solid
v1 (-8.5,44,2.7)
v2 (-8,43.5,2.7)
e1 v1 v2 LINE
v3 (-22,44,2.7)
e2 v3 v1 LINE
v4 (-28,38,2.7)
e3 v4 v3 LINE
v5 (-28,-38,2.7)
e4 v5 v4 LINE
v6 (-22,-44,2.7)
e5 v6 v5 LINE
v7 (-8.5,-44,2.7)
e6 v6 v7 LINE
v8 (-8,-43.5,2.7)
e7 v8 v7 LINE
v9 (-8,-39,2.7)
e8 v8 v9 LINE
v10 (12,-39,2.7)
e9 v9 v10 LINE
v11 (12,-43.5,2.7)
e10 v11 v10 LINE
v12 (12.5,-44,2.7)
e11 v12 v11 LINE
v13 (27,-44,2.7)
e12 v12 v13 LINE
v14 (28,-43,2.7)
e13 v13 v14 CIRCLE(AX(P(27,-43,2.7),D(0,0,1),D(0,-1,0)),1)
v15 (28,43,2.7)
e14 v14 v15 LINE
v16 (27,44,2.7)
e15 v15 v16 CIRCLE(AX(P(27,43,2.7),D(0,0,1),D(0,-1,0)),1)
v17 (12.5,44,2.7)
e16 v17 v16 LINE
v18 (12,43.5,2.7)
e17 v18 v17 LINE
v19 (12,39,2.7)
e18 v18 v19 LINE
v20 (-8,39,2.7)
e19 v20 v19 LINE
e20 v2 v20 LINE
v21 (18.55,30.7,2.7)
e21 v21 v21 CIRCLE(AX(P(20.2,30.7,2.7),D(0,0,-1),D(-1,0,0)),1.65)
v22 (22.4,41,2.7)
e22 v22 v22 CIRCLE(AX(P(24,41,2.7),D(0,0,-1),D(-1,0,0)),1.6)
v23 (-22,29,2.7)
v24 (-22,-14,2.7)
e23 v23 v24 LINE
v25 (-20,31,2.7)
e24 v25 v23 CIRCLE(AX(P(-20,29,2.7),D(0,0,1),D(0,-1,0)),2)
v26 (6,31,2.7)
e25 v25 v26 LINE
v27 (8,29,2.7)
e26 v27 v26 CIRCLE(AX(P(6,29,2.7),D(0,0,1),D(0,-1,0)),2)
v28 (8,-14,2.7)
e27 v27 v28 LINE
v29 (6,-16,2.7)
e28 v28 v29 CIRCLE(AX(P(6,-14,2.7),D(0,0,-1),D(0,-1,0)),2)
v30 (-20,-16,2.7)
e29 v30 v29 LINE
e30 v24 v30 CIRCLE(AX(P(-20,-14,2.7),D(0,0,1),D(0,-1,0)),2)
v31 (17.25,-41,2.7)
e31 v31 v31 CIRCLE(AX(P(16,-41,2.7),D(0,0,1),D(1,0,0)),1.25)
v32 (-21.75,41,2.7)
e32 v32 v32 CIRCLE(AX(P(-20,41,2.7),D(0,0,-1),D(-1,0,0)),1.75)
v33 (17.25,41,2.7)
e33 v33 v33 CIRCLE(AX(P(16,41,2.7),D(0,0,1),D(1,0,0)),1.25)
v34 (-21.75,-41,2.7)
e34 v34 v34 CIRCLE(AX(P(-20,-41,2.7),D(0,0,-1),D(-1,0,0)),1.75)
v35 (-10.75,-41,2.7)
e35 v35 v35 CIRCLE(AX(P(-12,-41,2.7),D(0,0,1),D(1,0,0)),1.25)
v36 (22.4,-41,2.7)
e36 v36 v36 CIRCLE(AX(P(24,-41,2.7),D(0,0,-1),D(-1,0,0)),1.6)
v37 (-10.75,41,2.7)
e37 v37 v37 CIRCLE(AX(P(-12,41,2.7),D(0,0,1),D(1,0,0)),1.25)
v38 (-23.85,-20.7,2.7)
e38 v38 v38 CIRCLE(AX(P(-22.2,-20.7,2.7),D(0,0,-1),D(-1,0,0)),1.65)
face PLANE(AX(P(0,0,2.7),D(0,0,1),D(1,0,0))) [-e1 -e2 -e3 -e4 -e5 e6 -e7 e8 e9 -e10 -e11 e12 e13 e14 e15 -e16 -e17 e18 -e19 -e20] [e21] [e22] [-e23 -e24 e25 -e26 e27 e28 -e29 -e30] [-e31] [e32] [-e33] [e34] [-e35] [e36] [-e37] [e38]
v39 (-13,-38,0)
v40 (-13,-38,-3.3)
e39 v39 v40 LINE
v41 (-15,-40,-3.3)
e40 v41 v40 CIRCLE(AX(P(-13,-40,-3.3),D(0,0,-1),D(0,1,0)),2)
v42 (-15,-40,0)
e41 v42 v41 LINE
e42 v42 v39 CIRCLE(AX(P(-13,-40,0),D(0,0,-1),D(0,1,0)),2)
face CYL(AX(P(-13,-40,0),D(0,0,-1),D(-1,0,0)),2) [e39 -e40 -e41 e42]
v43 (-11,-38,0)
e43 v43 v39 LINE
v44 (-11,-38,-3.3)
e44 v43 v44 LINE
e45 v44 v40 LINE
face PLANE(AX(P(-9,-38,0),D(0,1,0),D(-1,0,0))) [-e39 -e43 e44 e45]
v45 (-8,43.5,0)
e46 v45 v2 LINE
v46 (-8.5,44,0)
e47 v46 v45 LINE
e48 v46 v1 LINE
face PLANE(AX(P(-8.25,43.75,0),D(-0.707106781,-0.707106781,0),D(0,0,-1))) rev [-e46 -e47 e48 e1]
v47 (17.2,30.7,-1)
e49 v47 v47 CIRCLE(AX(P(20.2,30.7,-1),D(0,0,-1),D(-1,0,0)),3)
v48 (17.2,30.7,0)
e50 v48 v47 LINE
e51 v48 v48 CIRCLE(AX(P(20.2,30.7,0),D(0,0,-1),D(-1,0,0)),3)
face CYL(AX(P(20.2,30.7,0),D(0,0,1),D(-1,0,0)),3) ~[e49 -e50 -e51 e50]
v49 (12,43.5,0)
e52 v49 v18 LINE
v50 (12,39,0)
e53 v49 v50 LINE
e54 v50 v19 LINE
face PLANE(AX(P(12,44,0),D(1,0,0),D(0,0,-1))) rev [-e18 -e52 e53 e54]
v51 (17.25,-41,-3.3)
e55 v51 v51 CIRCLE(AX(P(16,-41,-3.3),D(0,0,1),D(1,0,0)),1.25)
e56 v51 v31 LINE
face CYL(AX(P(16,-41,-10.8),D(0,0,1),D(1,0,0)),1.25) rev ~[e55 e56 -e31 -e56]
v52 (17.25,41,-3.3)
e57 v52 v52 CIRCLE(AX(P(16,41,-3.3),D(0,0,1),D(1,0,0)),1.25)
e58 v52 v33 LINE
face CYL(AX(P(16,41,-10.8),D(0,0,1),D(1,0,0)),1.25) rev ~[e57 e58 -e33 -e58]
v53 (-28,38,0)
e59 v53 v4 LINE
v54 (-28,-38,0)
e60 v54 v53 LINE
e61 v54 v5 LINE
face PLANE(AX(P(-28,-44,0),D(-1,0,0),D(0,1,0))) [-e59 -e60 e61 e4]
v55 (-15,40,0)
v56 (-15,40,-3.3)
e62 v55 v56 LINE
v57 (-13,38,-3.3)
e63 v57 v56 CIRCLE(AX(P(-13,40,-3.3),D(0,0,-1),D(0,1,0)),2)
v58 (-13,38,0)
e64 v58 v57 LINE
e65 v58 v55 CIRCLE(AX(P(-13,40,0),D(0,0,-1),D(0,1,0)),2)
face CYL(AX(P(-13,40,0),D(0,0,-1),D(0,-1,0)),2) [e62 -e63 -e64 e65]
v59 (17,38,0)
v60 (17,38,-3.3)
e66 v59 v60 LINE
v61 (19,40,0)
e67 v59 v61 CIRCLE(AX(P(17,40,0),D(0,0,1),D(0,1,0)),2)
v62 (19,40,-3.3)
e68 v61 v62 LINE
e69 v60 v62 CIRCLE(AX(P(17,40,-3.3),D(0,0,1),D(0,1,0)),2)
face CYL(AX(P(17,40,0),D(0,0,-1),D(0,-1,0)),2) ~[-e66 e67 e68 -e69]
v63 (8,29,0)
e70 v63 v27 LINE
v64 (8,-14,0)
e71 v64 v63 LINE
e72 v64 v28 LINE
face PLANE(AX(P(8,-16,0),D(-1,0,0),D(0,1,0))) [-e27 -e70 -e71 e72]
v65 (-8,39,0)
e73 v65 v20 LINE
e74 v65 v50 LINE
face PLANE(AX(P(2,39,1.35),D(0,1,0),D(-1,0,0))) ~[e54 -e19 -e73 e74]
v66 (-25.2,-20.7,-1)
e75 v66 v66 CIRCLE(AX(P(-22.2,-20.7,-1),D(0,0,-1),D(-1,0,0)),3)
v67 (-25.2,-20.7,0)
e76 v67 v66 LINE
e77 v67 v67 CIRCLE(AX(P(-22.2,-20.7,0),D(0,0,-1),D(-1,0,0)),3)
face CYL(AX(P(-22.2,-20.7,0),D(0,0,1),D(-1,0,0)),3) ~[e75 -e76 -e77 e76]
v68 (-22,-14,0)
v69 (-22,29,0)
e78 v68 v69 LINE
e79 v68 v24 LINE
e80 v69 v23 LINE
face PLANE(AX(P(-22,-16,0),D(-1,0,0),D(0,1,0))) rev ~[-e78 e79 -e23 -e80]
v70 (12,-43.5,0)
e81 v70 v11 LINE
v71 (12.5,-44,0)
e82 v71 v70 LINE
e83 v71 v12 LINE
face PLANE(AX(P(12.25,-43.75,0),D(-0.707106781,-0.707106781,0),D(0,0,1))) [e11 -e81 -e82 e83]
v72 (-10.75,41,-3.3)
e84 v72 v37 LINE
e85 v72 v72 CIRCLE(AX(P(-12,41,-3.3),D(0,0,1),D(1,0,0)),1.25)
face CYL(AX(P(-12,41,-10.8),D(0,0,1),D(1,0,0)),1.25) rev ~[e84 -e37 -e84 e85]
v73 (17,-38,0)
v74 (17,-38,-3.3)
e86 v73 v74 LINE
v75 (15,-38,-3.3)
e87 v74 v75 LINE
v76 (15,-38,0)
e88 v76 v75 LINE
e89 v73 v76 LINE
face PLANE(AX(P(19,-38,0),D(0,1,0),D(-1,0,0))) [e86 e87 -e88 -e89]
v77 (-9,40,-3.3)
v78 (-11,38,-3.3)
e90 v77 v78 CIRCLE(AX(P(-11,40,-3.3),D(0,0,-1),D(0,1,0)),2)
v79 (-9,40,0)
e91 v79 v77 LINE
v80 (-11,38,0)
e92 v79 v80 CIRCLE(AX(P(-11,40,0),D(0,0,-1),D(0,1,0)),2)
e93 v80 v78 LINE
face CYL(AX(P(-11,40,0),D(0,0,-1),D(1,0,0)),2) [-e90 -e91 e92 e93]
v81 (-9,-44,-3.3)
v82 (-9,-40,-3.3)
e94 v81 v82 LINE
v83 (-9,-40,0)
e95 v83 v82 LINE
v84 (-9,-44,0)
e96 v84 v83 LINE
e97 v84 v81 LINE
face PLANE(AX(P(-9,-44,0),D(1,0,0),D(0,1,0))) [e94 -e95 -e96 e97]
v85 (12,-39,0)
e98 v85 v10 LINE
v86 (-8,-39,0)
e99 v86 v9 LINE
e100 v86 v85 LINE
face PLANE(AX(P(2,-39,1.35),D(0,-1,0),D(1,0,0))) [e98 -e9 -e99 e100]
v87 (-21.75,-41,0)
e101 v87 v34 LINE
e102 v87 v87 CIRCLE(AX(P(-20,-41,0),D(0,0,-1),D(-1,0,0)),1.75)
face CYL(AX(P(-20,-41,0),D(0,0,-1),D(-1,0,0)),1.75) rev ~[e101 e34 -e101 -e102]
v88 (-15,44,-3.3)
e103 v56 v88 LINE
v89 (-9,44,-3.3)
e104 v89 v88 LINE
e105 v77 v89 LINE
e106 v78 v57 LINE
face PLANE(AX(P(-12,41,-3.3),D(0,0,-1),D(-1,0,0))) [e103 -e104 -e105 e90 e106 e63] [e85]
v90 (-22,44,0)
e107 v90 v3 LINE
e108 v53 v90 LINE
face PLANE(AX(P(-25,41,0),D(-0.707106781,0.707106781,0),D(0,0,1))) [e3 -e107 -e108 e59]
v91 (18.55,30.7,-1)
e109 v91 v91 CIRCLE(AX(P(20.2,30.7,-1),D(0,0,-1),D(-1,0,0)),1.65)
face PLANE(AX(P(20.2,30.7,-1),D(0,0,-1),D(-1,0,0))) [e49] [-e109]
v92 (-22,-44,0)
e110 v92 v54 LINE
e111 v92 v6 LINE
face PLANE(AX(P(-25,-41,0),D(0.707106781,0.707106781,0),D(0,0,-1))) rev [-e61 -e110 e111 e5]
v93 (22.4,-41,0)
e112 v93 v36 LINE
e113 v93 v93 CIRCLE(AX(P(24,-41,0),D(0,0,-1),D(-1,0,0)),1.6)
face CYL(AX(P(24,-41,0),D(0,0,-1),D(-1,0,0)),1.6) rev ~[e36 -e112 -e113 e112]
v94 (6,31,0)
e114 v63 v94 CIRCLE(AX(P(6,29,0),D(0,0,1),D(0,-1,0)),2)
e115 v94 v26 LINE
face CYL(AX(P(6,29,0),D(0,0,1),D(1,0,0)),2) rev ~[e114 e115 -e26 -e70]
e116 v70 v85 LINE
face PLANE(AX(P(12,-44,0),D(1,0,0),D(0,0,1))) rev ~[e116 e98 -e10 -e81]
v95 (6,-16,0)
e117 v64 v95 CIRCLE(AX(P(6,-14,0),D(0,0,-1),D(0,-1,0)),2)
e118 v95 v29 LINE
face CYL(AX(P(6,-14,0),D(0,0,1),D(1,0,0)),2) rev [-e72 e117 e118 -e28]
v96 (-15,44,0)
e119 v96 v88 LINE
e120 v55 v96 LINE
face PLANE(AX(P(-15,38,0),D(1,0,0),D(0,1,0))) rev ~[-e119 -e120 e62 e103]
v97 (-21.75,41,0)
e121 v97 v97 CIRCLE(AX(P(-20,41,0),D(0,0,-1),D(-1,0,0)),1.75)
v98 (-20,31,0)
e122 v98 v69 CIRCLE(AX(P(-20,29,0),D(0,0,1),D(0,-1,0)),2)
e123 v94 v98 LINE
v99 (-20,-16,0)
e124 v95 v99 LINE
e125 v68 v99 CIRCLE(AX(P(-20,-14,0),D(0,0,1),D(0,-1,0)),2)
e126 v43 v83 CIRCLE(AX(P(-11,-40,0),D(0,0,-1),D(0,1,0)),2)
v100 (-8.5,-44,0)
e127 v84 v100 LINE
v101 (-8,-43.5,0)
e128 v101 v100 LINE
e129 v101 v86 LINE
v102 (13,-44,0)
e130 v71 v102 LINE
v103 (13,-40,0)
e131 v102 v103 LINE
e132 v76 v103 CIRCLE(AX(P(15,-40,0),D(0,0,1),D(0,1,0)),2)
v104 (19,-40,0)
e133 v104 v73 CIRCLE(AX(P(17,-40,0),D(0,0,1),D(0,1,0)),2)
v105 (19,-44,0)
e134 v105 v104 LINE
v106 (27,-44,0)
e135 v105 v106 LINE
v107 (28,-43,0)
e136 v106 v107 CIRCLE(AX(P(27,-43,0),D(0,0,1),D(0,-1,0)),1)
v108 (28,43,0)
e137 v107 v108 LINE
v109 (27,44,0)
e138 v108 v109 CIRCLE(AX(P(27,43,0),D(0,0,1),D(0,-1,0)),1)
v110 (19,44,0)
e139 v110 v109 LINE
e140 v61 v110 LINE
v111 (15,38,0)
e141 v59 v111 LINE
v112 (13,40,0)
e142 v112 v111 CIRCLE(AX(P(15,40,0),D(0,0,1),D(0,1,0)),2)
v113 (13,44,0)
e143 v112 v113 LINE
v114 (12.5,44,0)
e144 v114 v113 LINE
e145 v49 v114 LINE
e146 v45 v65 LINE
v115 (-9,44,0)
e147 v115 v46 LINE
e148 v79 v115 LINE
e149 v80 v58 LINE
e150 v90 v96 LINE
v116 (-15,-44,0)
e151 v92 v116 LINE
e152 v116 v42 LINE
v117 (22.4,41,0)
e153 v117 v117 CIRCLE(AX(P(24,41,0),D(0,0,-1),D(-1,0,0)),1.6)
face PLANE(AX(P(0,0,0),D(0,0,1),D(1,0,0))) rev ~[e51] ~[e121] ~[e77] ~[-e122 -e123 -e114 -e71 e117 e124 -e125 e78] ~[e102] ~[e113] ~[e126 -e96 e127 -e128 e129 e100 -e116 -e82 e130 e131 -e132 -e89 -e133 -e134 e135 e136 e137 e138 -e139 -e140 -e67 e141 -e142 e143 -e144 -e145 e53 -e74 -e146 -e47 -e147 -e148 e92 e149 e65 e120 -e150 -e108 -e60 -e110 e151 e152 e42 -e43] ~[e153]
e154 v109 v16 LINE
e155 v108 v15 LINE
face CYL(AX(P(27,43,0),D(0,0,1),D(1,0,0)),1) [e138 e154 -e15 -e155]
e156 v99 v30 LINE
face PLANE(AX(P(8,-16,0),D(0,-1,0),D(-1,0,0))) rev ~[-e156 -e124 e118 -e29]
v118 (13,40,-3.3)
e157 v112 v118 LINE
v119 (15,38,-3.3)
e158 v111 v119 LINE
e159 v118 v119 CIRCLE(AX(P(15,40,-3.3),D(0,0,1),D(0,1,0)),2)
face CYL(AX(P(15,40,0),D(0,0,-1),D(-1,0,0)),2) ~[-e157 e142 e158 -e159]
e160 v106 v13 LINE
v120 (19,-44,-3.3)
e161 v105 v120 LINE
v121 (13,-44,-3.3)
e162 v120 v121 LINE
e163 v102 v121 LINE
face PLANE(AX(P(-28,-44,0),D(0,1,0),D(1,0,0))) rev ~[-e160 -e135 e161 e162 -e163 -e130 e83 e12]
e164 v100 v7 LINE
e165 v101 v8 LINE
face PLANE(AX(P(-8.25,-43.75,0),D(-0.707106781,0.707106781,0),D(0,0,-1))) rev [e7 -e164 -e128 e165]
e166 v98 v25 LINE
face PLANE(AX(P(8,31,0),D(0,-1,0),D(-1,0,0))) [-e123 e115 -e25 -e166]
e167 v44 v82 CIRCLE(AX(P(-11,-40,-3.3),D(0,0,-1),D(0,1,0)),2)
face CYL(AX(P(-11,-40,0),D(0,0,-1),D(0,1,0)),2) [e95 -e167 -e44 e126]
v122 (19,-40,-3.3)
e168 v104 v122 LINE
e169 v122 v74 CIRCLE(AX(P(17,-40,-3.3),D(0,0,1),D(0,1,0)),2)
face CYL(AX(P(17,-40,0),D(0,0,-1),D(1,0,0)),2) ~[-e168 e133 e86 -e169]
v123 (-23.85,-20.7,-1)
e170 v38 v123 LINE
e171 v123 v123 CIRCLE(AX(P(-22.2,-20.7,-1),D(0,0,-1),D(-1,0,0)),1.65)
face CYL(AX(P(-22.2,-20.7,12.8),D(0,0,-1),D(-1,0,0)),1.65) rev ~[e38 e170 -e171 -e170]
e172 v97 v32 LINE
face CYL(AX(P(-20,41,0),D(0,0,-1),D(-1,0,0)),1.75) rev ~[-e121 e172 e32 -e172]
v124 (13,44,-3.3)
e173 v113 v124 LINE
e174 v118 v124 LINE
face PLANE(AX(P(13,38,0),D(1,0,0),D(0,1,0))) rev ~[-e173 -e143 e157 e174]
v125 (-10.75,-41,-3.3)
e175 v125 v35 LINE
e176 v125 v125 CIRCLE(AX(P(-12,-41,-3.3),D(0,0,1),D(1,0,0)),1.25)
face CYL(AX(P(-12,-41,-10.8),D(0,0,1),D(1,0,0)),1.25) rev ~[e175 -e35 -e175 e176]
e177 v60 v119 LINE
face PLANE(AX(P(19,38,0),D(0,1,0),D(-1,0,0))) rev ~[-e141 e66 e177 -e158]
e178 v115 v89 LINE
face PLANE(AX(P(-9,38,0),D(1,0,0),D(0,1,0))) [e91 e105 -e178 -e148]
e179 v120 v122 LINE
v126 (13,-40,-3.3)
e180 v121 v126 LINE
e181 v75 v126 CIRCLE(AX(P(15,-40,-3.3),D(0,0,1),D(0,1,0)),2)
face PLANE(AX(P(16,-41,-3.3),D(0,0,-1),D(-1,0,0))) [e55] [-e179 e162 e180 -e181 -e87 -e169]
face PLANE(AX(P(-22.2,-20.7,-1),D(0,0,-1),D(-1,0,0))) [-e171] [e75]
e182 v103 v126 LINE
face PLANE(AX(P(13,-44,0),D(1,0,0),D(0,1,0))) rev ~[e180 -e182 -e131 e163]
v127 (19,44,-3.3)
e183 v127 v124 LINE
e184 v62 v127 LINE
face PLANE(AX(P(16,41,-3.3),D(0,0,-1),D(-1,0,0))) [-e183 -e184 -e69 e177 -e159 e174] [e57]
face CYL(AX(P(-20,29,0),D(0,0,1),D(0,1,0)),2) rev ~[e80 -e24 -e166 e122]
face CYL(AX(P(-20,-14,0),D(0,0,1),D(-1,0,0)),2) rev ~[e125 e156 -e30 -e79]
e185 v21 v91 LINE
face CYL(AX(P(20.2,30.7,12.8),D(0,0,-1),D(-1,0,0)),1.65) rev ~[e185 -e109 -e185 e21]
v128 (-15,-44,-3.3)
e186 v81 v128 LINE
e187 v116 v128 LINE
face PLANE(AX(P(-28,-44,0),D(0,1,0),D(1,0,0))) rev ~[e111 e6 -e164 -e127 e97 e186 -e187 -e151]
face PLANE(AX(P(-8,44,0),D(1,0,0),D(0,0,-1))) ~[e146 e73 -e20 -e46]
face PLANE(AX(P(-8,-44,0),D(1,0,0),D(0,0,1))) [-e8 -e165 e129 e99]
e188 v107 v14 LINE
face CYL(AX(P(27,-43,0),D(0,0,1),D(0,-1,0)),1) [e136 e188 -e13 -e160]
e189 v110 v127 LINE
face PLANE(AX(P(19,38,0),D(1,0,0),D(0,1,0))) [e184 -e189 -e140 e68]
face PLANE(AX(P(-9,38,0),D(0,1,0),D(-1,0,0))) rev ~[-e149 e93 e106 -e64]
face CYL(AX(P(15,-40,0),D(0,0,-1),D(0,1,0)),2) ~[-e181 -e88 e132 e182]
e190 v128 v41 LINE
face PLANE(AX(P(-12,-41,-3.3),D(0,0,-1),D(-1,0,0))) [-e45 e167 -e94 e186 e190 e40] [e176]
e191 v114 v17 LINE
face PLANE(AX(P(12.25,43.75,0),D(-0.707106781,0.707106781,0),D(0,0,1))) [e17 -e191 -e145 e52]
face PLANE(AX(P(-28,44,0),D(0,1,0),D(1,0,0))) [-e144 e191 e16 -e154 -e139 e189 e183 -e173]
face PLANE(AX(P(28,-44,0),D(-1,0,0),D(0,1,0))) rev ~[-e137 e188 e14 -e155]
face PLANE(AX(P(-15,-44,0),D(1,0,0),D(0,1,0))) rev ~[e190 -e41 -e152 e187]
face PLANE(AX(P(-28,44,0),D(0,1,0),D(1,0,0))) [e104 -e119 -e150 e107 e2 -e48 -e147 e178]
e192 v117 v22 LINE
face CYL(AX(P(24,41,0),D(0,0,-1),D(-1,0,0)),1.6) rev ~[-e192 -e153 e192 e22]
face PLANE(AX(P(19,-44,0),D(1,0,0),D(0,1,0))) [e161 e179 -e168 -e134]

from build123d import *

# Parameters (mm, degrees)
SKETCH_1_W             = 56
SKETCH_1_H             = 88
EXTRUDE_1_DEPTH        = 2.7
FILLET_1_R             = 1
SKETCH_8_R             = 1.6
SKETCH_8_R_2           = 1.75
CUT_EXTRUDE_1_DEPTH    = 10
CHAMFER_1_SIZE         = 6
SKETCH_16_R            = 3
EXTRUDE_3_DEPTH        = 1
HOLE_WIZARD_M4_1_D     = 3.3
HOLE_WIZARD_M4_1_DEPTH = 10.1
HOLE_WIZARD_M4_1_TIP   = 0.991420021
SKETCH_11_W            = 6
SKETCH_11_H            = 6
EXTRUDE_2_DEPTH        = 3.3
HOLE_WIZARD_M3_1_D     = 2.5
HOLE_WIZARD_M3_1_DEPTH = 7.5
HOLE_WIZARD_M3_1_TIP   = 0.751075774
SKETCH_14_W            = 30
SKETCH_14_H            = 47
CUT_EXTRUDE_2_DEPTH    = 10
FILLET_2_R             = 2
SKETCH_15_W            = 20
SKETCH_15_H            = 2.7
CUT_EXTRUDE_3_DEPTH    = 5
CHAMFER_2_SIZE         = 0.5
FILLET_3_R             = 2


with BuildPart() as part:
    # 草图1 → 凸台-拉伸1 (new body)
    with BuildSketch(Plane.XY):
        Rectangle(SKETCH_1_W, SKETCH_1_H)
    extrude(amount=EXTRUDE_1_DEPTH)

    # 圆角1
    fillet_1_edges = [part.edges().sort_by_distance(p)[0] for p in [
        (28, -44, 1.35),
        (28, 44, 1.35),
    ]]
    fillet(fillet_1_edges, radius=FILLET_1_R)

    # 草图8 → 切除-拉伸1 (cut)
    with BuildSketch(Plane(origin=(0, 0, 0), x_dir=(-1, 0, 0), z_dir=(0, 0, -1))):
        with Locations((-24, 41)):
            Circle(SKETCH_8_R)
        with Locations((20, 41)):
            Circle(SKETCH_8_R_2)
        with Locations((-24, -41)):
            Circle(SKETCH_8_R)
        with Locations((20, -41)):
            Circle(SKETCH_8_R_2)
    extrude(amount=-CUT_EXTRUDE_1_DEPTH, mode=Mode.SUBTRACT)

    # 倒角1
    chamfer_1_edges = [part.edges().sort_by_distance(p)[0] for p in [
        (-28, -44, 1.35),
        (-28, 44, 1.35),
    ]]
    chamfer(chamfer_1_edges, length=CHAMFER_1_SIZE)

    # 草图16 → 凸台-拉伸3 (add)
    with BuildSketch(Plane(origin=(0, 0, 0), x_dir=(-1, 0, 0), z_dir=(0, 0, -1))):
        with Locations((22.2, -20.7)):
            Circle(SKETCH_16_R)
        with Locations((-20.2, 30.7)):
            Circle(SKETCH_16_R)
    extrude(amount=EXTRUDE_3_DEPTH)

    # M4 螺纹孔1
    with Locations(Plane.XY.offset(2.7)):
        with Locations((20.2, 30.7), (-22.2, -20.7)):
            Hole(HOLE_WIZARD_M4_1_D / 2, depth=HOLE_WIZARD_M4_1_DEPTH)
            with Locations((0, 0, -(HOLE_WIZARD_M4_1_DEPTH + HOLE_WIZARD_M4_1_TIP / 2))):  # 118° drill point
                Cone(0, HOLE_WIZARD_M4_1_D / 2, HOLE_WIZARD_M4_1_TIP, mode=Mode.SUBTRACT)

    # 草图11 → 凸台-拉伸2 (add)
    with BuildSketch(Plane(origin=(0, 0, 0), x_dir=(-1, 0, 0), z_dir=(0, 0, -1))):
        with Locations((-16, 41)):
            Rectangle(SKETCH_11_W, SKETCH_11_H)
        with Locations((12, 41)):
            Rectangle(SKETCH_11_W, SKETCH_11_H)
        with Locations((-16, -41)):
            Rectangle(SKETCH_11_W, SKETCH_11_H)
        with Locations((12, -41)):
            Rectangle(SKETCH_11_W, SKETCH_11_H)
    extrude(amount=EXTRUDE_2_DEPTH)

    # M3 螺纹孔1
    with Locations(Plane(origin=(0, 0, -3.3), x_dir=(-1, 0, 0), z_dir=(0, 0, -1))):
        with Locations((-16, 41), (12, 41), (-16, -41), (12, -41)):
            Hole(HOLE_WIZARD_M3_1_D / 2, depth=HOLE_WIZARD_M3_1_DEPTH)
            with Locations((0, 0, -(HOLE_WIZARD_M3_1_DEPTH + HOLE_WIZARD_M3_1_TIP / 2))):  # 118° drill point
                Cone(0, HOLE_WIZARD_M3_1_D / 2, HOLE_WIZARD_M3_1_TIP, mode=Mode.SUBTRACT)

    # 草图14 → 切除-拉伸2 (cut)
    with BuildSketch(Plane(origin=(0, 0, 0), x_dir=(-1, 0, 0), z_dir=(0, 0, -1))):
        with Locations((7, 7.5)):
            Rectangle(SKETCH_14_W, SKETCH_14_H)
    extrude(amount=-CUT_EXTRUDE_2_DEPTH, mode=Mode.SUBTRACT)

    # 圆角2
    fillet_2_edges = [part.edges().sort_by_distance(p)[0] for p in [
        (8, -16, 1.35),
        (8, 31, 1.35),
        (-22, 31, 1.35),
        (-22, -16, 1.35),
    ]]
    fillet(fillet_2_edges, radius=FILLET_2_R)

    # 草图15 → 切除-拉伸3 (cut)
    with BuildSketch(Plane.XZ.offset(44)):
        with Locations((2, 1.35)):
            Rectangle(SKETCH_15_W, SKETCH_15_H)
    cut_extrude_3 = extrude(amount=-CUT_EXTRUDE_3_DEPTH, mode=Mode.SUBTRACT)

    # 镜向2: 切除-拉伸3 across plane
    add(cut_extrude_3.mirror(Plane(origin=(0, 0, 0), x_dir=(0, 0, 1), z_dir=(0, -1, 0))), mode=Mode.SUBTRACT)

    # 倒角2
    chamfer_2_edges = [part.edges().sort_by_distance(p)[0] for p in [
        (12, -44, 1.35),
        (-8, -44, 1.35),
        (12, 44, 1.35),
        (-8, 44, 1.35),
    ]]
    chamfer(chamfer_2_edges, length=CHAMFER_2_SIZE)

    # 圆角3
    fillet_3_edges = [part.edges().sort_by_distance(p)[0] for p in [
        (19, -38, -1.65),
        (13, -38, -1.65),
        (-9, -38, -1.65),
        (-15, -38, -1.65),
        (19, 38, -1.65),
        (13, 38, -1.65),
        (-9, 38, -1.65),
        (-15, 38, -1.65),
    ]]
    fillet(fillet_3_edges, radius=FILLET_3_R)


solid = part.part
